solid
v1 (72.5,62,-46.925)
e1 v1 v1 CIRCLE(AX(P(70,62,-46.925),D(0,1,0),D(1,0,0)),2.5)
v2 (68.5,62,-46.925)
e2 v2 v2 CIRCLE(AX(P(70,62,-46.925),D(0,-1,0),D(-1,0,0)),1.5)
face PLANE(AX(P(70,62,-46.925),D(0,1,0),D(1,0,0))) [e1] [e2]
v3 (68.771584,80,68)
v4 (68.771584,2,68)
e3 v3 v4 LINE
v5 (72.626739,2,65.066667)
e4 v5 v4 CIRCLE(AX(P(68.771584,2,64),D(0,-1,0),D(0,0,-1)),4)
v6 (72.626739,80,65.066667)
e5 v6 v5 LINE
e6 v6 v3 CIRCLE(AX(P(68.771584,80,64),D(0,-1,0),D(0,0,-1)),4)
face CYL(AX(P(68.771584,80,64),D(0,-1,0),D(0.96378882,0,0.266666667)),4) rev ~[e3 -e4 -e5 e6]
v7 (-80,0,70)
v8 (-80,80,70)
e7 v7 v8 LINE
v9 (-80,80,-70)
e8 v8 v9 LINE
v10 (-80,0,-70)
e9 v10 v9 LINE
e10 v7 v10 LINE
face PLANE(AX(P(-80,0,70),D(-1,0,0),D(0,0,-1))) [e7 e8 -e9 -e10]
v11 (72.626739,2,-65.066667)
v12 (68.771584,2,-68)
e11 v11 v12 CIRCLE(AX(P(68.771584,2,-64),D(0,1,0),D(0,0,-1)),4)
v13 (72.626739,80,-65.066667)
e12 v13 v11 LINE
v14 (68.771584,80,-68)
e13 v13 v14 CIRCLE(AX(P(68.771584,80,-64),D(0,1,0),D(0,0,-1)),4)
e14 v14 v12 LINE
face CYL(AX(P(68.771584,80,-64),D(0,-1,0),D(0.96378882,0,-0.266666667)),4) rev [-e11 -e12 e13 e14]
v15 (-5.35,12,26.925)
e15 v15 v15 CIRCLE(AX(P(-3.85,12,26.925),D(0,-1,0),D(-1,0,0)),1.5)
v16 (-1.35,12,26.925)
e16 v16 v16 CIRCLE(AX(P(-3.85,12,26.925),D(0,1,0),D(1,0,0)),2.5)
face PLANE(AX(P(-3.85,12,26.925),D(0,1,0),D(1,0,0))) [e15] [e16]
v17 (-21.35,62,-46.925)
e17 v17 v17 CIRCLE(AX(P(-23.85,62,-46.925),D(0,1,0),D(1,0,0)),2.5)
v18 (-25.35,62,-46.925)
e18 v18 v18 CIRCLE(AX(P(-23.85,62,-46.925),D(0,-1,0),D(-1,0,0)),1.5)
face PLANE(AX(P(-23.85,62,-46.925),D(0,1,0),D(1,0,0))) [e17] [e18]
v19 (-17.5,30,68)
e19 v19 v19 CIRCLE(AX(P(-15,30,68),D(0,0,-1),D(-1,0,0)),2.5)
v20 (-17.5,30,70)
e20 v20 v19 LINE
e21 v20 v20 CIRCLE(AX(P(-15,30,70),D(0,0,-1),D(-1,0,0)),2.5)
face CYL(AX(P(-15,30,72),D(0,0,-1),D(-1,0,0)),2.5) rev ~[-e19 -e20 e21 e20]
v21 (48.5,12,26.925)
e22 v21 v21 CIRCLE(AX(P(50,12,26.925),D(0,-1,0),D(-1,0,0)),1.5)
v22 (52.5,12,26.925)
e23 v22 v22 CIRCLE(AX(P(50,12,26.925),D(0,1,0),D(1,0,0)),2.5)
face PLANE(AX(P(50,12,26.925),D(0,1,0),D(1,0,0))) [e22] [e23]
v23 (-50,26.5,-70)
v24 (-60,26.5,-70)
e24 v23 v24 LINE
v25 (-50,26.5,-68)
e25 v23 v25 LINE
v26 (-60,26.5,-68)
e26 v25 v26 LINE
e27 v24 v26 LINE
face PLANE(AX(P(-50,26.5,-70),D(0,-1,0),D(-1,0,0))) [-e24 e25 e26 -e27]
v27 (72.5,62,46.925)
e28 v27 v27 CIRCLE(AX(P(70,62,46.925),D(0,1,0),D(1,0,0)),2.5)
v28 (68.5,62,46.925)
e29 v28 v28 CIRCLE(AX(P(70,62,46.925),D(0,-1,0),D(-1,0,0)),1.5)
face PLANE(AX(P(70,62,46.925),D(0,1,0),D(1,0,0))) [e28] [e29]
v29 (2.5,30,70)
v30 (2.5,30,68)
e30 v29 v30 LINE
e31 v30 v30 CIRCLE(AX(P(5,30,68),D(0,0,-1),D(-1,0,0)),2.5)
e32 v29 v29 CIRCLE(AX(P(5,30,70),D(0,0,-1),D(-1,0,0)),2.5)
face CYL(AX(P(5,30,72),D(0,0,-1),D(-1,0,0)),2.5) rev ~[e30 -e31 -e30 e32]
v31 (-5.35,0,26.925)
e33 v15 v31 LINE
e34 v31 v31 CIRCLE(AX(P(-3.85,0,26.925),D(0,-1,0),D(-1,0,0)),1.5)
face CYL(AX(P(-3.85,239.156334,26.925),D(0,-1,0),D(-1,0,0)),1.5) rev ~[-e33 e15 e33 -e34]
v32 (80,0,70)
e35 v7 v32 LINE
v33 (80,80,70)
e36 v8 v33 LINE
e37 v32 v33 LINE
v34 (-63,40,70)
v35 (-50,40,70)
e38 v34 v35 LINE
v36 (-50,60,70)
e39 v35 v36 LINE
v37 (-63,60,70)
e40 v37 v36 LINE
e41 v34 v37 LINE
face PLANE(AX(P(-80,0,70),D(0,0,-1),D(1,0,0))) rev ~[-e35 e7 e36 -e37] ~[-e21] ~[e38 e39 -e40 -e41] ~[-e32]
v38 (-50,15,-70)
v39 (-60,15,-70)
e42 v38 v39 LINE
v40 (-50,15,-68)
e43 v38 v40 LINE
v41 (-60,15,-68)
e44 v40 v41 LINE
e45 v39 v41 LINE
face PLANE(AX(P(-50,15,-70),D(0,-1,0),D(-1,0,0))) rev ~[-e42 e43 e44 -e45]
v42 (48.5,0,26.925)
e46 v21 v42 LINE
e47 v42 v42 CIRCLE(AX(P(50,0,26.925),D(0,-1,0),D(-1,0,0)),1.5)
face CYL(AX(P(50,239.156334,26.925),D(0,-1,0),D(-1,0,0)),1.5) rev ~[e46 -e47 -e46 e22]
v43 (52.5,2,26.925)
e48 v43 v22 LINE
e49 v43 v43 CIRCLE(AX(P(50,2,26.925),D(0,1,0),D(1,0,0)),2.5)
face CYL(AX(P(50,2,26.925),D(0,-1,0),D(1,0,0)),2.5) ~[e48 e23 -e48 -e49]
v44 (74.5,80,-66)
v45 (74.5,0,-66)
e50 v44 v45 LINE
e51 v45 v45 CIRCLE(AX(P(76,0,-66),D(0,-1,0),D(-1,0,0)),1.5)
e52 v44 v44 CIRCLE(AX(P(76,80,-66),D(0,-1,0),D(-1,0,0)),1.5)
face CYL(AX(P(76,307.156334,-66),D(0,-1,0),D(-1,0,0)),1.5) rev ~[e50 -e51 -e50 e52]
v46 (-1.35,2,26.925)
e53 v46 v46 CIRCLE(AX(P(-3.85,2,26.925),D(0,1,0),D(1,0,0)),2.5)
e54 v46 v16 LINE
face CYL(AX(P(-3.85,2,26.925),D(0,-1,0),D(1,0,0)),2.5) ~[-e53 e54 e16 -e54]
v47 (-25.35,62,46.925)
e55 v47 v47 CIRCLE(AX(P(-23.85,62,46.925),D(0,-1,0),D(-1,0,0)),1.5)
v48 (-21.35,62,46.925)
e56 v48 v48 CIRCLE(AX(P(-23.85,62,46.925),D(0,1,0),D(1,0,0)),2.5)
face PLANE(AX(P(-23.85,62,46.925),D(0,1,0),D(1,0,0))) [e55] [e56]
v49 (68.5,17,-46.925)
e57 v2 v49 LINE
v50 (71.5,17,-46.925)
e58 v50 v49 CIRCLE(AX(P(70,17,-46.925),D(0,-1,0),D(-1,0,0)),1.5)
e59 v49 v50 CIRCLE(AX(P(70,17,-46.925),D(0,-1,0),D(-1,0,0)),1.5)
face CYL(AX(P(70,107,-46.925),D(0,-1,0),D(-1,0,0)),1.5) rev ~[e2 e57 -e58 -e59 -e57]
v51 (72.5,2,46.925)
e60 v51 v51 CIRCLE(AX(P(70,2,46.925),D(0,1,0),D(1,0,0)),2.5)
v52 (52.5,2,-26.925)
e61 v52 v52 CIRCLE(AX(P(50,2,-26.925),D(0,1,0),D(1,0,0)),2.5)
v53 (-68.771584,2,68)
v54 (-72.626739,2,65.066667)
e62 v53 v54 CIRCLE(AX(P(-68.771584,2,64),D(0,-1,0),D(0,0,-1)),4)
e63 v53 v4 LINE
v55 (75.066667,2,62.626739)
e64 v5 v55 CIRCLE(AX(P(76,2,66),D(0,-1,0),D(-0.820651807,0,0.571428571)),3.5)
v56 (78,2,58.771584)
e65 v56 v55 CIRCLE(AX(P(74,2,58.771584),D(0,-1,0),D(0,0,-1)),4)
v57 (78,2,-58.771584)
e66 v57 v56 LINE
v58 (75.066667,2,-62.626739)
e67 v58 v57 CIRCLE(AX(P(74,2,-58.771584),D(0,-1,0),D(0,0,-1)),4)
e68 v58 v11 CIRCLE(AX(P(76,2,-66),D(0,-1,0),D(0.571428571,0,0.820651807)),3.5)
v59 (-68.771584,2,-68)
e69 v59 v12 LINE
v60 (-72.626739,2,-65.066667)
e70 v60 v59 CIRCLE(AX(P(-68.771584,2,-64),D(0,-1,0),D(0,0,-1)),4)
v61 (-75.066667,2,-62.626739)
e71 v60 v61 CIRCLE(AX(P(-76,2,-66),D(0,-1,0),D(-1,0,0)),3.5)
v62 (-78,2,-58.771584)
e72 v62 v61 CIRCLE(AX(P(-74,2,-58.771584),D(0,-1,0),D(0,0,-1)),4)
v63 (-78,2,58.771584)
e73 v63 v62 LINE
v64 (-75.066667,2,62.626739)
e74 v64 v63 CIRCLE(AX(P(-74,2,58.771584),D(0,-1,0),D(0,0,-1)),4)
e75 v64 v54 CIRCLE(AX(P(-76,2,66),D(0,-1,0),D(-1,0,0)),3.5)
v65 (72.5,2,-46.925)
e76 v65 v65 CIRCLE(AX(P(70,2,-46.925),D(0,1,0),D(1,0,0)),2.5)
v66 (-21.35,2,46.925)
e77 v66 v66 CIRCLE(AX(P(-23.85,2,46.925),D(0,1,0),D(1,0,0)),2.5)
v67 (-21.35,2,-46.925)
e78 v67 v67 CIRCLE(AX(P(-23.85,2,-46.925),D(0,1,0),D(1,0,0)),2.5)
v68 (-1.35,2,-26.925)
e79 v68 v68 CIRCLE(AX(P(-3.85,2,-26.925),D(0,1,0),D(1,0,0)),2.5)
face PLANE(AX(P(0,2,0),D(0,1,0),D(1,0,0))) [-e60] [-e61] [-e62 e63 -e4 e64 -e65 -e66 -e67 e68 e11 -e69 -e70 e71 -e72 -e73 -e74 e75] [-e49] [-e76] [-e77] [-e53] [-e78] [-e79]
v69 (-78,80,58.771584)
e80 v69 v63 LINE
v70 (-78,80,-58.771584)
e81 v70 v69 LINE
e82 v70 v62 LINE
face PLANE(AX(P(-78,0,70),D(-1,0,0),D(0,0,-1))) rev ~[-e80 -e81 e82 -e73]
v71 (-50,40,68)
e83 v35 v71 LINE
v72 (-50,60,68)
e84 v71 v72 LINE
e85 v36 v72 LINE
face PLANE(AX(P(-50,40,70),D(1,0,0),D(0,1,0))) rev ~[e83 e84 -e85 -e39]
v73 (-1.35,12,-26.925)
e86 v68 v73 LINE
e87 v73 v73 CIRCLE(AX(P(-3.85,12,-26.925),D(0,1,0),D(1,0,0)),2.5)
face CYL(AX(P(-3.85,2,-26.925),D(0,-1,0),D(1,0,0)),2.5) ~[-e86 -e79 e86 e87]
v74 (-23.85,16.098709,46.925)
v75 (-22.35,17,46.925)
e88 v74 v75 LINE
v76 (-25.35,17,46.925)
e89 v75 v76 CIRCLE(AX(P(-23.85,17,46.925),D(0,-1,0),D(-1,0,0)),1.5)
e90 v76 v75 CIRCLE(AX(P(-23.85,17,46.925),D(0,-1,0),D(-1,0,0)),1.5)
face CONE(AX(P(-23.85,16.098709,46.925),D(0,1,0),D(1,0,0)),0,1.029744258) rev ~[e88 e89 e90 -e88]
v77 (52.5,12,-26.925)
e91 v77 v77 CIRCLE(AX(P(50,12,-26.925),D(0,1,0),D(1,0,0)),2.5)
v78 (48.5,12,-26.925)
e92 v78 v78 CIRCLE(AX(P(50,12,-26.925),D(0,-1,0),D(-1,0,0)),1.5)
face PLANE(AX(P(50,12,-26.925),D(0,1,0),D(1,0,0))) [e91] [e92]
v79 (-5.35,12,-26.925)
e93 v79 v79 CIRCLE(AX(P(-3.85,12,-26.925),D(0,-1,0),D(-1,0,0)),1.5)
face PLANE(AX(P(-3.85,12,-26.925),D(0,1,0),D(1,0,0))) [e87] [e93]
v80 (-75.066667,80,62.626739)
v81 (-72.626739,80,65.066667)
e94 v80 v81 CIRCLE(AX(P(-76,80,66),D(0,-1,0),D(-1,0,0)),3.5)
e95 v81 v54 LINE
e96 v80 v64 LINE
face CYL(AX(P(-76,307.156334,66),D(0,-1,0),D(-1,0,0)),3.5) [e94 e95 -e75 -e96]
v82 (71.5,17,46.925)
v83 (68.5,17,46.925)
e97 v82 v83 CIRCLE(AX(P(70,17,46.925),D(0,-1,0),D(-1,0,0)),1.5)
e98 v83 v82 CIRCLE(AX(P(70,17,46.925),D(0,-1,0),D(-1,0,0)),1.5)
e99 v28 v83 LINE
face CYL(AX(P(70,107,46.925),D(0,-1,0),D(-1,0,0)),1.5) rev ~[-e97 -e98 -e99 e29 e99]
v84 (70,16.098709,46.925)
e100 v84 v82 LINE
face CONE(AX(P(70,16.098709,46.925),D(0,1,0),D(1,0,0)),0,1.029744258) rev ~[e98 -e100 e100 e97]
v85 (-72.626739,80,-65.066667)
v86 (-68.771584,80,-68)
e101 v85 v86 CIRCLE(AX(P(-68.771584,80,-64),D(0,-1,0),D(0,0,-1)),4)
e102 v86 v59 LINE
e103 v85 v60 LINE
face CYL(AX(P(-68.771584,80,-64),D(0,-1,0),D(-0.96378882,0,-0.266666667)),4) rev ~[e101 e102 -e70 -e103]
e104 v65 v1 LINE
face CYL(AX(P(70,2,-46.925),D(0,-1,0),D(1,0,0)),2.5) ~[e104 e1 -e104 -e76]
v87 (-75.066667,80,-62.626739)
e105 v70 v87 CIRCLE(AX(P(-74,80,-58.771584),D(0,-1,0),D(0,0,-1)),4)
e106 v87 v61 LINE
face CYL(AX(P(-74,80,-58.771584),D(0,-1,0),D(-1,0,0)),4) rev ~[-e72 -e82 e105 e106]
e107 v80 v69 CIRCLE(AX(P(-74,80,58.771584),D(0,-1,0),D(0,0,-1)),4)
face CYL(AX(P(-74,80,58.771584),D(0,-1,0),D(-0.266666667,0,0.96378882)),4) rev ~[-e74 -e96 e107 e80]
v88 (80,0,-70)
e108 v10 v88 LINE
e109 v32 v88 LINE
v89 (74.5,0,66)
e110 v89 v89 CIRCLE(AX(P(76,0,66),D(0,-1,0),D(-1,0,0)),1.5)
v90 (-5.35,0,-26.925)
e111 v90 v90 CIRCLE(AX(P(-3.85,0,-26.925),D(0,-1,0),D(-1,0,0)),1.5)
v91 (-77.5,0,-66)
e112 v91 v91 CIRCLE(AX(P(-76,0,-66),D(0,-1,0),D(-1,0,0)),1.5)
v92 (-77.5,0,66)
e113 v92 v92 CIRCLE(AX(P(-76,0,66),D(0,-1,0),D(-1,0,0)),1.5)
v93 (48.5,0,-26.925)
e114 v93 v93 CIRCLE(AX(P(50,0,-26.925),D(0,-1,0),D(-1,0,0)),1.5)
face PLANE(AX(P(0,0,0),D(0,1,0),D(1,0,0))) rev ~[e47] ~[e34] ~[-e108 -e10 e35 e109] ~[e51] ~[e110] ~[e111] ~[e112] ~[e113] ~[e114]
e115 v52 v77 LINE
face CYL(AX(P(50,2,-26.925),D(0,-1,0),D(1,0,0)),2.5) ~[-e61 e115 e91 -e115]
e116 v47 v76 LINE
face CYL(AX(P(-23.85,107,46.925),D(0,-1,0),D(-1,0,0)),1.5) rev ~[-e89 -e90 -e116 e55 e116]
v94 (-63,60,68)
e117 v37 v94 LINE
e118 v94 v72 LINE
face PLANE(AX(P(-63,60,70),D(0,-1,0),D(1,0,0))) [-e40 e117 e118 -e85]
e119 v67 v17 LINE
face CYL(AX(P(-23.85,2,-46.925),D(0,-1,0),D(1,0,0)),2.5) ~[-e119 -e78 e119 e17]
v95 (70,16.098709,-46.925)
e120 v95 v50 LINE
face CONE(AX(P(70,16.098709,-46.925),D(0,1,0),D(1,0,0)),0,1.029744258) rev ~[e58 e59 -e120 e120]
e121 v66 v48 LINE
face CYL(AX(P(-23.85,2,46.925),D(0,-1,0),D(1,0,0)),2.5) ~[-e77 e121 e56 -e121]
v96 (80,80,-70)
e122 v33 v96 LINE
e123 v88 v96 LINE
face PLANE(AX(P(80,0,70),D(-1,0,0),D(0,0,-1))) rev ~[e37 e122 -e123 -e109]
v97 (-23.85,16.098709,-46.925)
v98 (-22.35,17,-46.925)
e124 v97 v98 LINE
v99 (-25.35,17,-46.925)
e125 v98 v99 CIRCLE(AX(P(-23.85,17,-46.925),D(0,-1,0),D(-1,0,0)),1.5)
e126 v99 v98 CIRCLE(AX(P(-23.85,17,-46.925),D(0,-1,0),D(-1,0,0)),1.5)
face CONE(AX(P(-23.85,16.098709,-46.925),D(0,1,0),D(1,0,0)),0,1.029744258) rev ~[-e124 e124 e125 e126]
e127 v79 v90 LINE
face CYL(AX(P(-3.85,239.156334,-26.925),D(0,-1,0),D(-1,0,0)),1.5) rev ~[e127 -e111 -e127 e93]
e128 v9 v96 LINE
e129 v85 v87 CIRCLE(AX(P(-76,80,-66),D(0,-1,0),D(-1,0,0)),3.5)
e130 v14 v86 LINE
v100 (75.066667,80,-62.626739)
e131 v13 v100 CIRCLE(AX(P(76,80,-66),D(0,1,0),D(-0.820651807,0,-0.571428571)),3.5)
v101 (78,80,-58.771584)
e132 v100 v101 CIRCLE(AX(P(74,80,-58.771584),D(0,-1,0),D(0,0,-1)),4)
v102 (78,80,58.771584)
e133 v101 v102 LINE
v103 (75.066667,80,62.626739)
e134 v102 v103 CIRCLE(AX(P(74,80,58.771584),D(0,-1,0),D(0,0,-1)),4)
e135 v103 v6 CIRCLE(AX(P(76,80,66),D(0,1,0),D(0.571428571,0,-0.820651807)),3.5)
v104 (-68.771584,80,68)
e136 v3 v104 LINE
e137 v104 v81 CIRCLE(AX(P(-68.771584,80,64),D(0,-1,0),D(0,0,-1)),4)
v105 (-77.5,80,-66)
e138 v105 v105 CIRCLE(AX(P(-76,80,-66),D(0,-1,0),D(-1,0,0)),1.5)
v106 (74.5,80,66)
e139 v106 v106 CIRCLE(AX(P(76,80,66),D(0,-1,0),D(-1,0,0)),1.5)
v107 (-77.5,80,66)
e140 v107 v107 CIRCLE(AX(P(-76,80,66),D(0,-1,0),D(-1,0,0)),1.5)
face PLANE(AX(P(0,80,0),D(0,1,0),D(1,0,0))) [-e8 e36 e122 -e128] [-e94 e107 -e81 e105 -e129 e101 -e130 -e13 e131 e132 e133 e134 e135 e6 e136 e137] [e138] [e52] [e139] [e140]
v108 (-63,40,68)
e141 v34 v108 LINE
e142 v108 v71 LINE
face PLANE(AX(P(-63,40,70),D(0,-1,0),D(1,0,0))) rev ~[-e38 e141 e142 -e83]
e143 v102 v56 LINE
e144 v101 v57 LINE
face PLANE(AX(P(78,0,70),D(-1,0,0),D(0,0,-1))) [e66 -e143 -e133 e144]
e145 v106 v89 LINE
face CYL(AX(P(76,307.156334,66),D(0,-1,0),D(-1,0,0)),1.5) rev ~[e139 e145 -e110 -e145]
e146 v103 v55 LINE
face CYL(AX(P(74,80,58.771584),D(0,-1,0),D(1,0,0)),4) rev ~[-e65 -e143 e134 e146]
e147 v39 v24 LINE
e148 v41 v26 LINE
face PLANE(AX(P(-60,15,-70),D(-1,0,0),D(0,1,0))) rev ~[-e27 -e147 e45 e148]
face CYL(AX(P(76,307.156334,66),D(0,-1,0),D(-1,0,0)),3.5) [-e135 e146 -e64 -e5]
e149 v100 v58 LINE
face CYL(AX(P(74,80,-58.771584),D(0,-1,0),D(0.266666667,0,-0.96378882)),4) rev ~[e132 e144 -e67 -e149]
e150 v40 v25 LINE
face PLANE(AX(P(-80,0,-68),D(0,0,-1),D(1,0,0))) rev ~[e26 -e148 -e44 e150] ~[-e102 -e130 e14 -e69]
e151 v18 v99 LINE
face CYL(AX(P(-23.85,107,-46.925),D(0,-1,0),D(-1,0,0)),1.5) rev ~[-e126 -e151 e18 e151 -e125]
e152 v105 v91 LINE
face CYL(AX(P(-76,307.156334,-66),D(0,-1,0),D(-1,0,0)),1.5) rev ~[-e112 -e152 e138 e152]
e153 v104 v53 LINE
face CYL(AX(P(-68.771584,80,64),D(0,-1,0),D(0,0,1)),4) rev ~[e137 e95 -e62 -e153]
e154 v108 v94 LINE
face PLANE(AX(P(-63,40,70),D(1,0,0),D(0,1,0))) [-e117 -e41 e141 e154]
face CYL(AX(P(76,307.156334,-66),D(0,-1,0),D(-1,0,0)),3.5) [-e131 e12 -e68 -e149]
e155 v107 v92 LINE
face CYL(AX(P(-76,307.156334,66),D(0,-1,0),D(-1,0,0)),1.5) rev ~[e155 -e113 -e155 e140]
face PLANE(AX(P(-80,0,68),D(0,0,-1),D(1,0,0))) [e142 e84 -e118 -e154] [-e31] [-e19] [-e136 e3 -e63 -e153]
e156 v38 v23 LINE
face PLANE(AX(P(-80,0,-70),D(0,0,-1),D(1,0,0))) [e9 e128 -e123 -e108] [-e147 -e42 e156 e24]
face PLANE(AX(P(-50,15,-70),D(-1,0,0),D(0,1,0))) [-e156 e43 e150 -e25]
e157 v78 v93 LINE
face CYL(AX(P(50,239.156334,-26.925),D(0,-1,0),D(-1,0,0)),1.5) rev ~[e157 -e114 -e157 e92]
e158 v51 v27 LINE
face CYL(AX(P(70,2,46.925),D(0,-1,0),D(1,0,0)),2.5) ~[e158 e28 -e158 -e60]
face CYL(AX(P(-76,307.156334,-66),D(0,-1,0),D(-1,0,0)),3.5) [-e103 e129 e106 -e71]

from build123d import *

# Parameters (mm, degrees)
SKETCH1_W                 = 160
SKETCH1_H                 = 140
BOSS_EXTRUDE1_DEPTH       = 80
F_3_0MM_DOWEL_HOLE3_D     = 3
SHELL1_T                  = -2
SKETCH10_R                = 2.5
BOSS_EXTRUDE3_DEPTH       = 60
F_3_0MM_DOWEL_HOLE2_D     = 3
F_3_0MM_DOWEL_HOLE2_DEPTH = 45
F_3_0MM_DOWEL_HOLE2_TIP   = 0.901290929
FILLET1_R                 = 4
SKETCH15_R                = 2.5
BOSS_EXTRUDE5_DEPTH       = 10
F_3_0MM_DOWEL_HOLE5_D     = 3
SKETCH20_W                = 13
SKETCH20_H                = 20
CUT_EXTRUDE1_DEPTH        = 2
F_5_0MM_DOWEL_HOLE1_D     = 5
F_5_0MM_DOWEL_HOLE1_DEPTH = 2
SKETCH27_W                = 10
SKETCH27_H                = 11.5
CUT_EXTRUDE2_DEPTH        = 2


with BuildPart() as part:
    # Sketch1 → Boss-Extrude1 (new body)
    with BuildSketch(Plane(origin=(0, 0, 0), x_dir=(1, 0, 0), z_dir=(0, 1, 0))):
        Rectangle(SKETCH1_W, SKETCH1_H)
    extrude(amount=BOSS_EXTRUDE1_DEPTH)

    # Ø3.0mm Dowel Hole3 (through all)
    with Locations(Plane(origin=(0, 80, 0), x_dir=(1, 0, 0), z_dir=(0, 1, 0))):
        with Locations((-76, 66), (76, 66), (76, -66), (-76, -66)):
            Hole(F_3_0MM_DOWEL_HOLE3_D / 2)

    # Shell1
    shell1_openings = [part.faces().sort_by_distance(p)[0] for p in [
        (-76, 80, -64.5),
    ]]
    offset(amount=SHELL1_T, openings=shell1_openings, kind=Kind.INTERSECTION)

    # Sketch10 → Boss-Extrude3 (add)
    with BuildSketch(Plane(origin=(0, 2, 0), x_dir=(1, 0, 0), z_dir=(0, 1, 0))):
        with Locations((70, 46.925)):
            Circle(SKETCH10_R)
        with Locations((-23.85, 46.925)):
            Circle(SKETCH10_R)
        with Locations((-23.85, -46.925)):
            Circle(SKETCH10_R)
        with Locations((70, -46.925)):
            Circle(SKETCH10_R)
    extrude(amount=BOSS_EXTRUDE3_DEPTH)

    # Ø3.0mm Dowel Hole2
    with Locations(Plane(origin=(0, 62, 0), x_dir=(1, 0, 0), z_dir=(0, 1, 0))):
        with Locations((-23.85, 46.925), (70, 46.925), (70, -46.925), (-23.85, -46.925)):
            Hole(F_3_0MM_DOWEL_HOLE2_D / 2, depth=F_3_0MM_DOWEL_HOLE2_DEPTH)
            with Locations((0, 0, -(F_3_0MM_DOWEL_HOLE2_DEPTH + F_3_0MM_DOWEL_HOLE2_TIP / 2))):  # 118° drill point
                Cone(0, F_3_0MM_DOWEL_HOLE2_D / 2, F_3_0MM_DOWEL_HOLE2_TIP, mode=Mode.SUBTRACT)

    # Fillet1
    fillet1_edges = [part.edges().sort_by_distance(p)[0] for p in [
        (78, 41, 63.127718677),
        (73.127718677, 41, -68),
        (-78, 41, -63.127718677),
        (-73.127718677, 41, 68),
        (-78, 41, 63.127718677),
        (73.127718677, 41, 68),
        (78, 41, -63.127718677),
        (-73.127718677, 41, -68),
    ]]
    fillet(fillet1_edges, radius=FILLET1_R)

    # Sketch15 → Boss-Extrude5 (add)
    with BuildSketch(Plane(origin=(0, 2, 0), x_dir=(1, 0, 0), z_dir=(0, 1, 0))):
        with Locations((-3.85, 26.925)):
            Circle(SKETCH15_R)
        with Locations((50, 26.925)):
            Circle(SKETCH15_R)
        with Locations((-3.85, -26.925)):
            Circle(SKETCH15_R)
        with Locations((50, -26.925)):
            Circle(SKETCH15_R)
    extrude(amount=BOSS_EXTRUDE5_DEPTH)

    # Ø3.0mm Dowel Hole5 (through all)
    with Locations(Plane(origin=(0, 12, 0), x_dir=(1, 0, 0), z_dir=(0, 1, 0))):
        with Locations((-3.85, 26.925), (50, 26.925), (50, -26.925), (-3.85, -26.925)):
            Hole(F_3_0MM_DOWEL_HOLE5_D / 2)

    # Sketch20 → Cut-Extrude1 (cut)
    with BuildSketch(Plane.XY.offset(70)):
        with Locations((-56.5, 50)):
            Rectangle(SKETCH20_W, SKETCH20_H)
    extrude(amount=-CUT_EXTRUDE1_DEPTH, mode=Mode.SUBTRACT)

    # Ø5.0mm Dowel Hole1
    with Locations(Plane.XY.offset(70)):
        with Locations((-15, 30), (5, 30)):
            Hole(F_5_0MM_DOWEL_HOLE1_D / 2, depth=F_5_0MM_DOWEL_HOLE1_DEPTH)

    # Sketch27 → Cut-Extrude2 (cut)
    with BuildSketch(Plane(origin=(0, 0, -70), x_dir=(-1, 0, 0), z_dir=(0, 0, -1))):
        with Locations((55, 20.75)):
            Rectangle(SKETCH27_W, SKETCH27_H)
    extrude(amount=-CUT_EXTRUDE2_DEPTH, mode=Mode.SUBTRACT)


solid = part.part
